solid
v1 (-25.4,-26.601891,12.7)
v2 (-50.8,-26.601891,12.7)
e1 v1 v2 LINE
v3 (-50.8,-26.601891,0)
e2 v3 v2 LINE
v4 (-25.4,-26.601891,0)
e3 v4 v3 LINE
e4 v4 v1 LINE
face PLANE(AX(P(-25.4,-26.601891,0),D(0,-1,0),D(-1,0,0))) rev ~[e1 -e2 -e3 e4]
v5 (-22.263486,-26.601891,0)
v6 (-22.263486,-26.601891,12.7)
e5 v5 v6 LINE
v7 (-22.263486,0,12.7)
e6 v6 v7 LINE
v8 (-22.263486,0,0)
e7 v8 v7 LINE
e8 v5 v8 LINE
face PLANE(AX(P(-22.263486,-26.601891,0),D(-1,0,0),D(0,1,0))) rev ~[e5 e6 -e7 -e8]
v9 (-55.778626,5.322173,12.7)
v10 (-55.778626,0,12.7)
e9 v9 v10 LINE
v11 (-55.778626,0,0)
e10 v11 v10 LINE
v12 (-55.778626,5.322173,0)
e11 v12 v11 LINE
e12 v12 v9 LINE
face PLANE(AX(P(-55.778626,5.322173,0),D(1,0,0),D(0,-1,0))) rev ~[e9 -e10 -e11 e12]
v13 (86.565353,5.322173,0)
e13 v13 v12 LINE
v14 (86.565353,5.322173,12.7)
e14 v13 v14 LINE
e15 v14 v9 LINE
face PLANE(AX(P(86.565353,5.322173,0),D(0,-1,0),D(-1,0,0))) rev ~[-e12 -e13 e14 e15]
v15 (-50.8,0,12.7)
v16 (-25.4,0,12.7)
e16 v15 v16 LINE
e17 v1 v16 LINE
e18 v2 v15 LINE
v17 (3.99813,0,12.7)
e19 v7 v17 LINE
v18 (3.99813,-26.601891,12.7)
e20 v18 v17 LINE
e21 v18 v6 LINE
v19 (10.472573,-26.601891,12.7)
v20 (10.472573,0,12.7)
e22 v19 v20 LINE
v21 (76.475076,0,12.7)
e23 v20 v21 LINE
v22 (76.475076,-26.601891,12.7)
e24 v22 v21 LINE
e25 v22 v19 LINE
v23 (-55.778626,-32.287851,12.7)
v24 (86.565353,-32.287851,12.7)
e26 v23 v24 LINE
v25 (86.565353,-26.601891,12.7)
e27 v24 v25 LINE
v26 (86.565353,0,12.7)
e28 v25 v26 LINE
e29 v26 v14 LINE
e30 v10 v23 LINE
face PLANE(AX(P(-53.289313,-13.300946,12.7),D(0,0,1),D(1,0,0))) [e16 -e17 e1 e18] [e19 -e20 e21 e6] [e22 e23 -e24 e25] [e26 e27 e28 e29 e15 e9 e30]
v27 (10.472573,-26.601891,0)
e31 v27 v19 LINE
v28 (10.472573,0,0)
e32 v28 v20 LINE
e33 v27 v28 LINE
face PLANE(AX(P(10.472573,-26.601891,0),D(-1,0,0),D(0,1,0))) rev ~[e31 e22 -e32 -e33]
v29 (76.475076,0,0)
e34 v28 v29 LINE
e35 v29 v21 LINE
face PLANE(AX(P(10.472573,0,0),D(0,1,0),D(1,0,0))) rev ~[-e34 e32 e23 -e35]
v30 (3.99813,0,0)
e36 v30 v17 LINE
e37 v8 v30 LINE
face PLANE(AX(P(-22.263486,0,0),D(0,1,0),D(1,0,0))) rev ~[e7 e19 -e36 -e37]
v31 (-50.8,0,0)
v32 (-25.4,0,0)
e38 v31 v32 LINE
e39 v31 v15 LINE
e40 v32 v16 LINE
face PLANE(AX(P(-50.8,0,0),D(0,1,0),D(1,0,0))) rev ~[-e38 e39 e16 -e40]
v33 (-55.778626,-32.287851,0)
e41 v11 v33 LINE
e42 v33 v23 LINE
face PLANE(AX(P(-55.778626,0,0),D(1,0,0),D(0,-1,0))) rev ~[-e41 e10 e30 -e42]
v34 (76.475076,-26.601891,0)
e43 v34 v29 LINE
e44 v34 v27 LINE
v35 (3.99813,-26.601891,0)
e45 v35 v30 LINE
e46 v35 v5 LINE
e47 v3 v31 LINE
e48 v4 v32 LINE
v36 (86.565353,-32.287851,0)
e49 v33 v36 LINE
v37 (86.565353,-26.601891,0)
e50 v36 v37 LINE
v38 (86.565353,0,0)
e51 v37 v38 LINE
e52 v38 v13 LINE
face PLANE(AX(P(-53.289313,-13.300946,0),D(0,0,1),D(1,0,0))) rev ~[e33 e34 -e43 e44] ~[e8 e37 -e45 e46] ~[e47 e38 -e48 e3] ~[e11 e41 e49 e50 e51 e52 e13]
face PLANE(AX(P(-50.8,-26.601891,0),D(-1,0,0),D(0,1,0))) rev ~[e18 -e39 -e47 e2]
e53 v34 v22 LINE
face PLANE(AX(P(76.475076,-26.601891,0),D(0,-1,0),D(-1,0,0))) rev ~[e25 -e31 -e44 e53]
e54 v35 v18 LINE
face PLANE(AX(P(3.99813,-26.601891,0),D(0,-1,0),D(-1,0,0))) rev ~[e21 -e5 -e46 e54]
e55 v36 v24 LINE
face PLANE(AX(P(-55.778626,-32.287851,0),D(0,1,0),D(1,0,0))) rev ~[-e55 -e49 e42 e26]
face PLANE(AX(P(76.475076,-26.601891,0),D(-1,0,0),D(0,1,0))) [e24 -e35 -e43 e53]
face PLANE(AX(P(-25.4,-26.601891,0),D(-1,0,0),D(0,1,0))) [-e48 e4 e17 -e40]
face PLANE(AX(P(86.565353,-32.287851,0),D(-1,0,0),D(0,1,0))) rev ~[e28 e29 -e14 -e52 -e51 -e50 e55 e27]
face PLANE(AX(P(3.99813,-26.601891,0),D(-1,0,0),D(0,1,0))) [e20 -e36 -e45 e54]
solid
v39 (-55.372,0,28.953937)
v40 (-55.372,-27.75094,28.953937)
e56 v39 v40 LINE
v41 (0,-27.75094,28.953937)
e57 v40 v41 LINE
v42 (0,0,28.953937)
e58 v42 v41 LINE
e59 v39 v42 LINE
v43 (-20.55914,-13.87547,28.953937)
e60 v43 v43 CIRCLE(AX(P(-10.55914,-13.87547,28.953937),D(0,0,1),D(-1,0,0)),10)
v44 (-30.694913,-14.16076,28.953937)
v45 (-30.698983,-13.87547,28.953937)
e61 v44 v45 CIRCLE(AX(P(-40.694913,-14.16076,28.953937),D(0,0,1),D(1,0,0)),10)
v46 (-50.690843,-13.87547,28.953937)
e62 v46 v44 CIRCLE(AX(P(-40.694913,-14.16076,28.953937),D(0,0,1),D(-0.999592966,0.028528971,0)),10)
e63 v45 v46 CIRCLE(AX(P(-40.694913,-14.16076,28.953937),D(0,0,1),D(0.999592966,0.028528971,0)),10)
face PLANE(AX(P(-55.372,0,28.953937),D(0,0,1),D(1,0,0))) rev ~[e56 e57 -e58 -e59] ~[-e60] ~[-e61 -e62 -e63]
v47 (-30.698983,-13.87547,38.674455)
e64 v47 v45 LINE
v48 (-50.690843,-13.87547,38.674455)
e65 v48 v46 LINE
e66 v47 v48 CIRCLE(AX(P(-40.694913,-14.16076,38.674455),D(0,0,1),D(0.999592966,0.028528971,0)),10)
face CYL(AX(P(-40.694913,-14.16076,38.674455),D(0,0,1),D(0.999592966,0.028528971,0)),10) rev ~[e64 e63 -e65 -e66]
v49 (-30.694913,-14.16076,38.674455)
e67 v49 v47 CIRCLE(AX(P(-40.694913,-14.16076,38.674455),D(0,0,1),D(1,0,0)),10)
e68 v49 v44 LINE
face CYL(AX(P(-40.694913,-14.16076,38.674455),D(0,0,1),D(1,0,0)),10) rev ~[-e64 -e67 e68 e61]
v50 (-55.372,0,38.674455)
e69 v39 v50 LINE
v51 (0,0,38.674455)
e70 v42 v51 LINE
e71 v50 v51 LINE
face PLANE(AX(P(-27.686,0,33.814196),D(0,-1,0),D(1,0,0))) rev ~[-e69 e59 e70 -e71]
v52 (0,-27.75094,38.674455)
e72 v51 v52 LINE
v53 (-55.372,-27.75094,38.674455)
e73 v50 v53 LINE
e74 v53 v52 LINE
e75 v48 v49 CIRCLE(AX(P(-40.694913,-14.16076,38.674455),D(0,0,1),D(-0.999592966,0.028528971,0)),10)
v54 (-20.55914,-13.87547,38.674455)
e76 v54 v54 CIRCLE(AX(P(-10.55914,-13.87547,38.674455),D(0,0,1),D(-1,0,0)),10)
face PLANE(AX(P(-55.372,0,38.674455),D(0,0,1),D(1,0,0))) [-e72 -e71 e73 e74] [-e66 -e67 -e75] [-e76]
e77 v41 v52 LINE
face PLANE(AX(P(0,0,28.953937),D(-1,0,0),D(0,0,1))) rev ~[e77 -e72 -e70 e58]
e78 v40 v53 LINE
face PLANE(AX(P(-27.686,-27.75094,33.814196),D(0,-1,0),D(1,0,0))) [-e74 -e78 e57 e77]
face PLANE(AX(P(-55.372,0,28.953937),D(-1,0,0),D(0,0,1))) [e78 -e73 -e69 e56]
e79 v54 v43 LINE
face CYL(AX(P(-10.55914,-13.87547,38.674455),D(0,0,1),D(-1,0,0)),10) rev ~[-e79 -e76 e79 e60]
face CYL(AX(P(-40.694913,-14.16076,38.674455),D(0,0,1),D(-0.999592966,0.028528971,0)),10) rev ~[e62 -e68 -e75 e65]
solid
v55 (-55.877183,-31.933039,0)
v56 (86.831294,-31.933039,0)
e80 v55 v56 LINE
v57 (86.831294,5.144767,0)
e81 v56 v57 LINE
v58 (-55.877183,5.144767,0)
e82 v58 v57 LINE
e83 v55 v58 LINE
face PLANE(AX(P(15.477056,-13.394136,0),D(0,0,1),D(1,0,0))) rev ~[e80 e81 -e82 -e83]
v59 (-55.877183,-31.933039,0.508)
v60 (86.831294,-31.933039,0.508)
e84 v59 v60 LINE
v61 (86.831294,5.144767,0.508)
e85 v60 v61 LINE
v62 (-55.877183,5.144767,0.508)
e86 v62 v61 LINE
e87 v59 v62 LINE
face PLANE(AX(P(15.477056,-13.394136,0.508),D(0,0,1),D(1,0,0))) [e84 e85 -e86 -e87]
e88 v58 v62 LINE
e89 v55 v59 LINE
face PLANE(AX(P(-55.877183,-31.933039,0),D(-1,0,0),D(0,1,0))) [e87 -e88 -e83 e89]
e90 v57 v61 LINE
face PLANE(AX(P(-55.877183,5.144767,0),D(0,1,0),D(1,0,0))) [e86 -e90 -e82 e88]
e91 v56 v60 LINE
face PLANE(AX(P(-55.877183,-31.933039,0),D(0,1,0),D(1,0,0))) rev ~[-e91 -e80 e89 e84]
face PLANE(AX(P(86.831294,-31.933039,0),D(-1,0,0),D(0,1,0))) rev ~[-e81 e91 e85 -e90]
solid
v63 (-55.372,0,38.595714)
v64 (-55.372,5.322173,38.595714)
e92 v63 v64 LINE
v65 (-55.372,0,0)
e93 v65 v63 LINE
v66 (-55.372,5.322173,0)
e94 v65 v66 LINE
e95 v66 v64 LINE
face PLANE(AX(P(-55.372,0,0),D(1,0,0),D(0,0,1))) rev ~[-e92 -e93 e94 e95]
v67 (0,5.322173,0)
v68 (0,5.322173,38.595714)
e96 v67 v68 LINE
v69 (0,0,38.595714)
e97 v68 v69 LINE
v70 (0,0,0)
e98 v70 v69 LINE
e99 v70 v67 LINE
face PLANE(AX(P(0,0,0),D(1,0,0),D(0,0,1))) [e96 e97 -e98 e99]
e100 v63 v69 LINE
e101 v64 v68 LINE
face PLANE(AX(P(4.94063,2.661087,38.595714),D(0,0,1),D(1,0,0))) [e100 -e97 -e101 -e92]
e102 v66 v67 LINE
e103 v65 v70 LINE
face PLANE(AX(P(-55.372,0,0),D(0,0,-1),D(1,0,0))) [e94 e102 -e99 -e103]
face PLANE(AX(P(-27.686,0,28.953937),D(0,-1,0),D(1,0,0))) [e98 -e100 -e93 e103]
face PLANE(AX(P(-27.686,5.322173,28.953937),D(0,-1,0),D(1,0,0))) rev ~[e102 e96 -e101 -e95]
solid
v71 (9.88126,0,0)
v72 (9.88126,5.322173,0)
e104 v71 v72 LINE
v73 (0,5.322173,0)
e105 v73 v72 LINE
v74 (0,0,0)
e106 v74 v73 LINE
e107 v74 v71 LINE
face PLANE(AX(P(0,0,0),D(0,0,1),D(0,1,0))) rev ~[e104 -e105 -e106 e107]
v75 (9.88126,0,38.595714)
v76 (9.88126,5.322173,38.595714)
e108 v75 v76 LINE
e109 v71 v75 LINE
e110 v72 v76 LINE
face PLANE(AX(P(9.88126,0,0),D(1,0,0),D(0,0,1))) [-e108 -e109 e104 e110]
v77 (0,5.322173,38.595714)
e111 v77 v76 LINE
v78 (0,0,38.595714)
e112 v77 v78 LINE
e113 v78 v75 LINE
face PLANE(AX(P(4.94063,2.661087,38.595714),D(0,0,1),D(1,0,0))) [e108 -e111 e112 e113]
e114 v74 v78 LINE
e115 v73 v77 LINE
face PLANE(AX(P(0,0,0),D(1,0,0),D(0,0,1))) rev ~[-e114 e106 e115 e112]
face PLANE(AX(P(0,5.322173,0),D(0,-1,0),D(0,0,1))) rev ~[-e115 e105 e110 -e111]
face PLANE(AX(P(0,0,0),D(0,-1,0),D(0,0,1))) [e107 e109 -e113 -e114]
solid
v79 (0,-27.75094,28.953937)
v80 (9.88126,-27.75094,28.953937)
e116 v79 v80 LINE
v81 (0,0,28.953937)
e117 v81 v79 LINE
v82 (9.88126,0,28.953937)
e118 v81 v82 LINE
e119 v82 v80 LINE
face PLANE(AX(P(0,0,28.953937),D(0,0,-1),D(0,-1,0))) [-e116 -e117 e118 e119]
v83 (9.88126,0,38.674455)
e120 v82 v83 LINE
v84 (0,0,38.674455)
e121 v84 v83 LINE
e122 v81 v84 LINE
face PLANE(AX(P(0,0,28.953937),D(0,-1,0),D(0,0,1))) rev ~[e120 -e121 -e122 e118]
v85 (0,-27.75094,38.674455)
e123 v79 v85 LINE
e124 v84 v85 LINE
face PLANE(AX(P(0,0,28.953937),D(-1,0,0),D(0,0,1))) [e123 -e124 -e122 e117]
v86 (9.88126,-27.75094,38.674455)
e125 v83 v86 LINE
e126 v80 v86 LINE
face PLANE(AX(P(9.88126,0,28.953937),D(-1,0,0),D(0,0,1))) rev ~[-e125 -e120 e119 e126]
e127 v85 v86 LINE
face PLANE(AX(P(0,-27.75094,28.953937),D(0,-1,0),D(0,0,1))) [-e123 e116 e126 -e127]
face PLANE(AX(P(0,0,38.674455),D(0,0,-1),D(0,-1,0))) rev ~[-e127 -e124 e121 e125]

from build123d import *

# Parameters (mm, degrees)
F0_W       = 4.9786263525
F0_H       = 26.6018912433
F0_W_2     = 3.1365140617
F0_W_3     = 6.4744432457
F0_W_4     = 10.0902765989
F1_DEPTH   = 12.7
F2_W       = 142.7084766328
F2_H       = 37.0778064243
F3_DEPTH   = 0.508
F4_W       = 55.372
F4_H       = 57.9078740149
F5_DEPTH   = 5.3221732378
F6_W       = 55.372
F6_H       = 9.7205181286
F7_DEPTH   = 27.75094
F9_DEPTH   = 10.61823
F10_DEPTH  = 9.88126
F11_DEPTH  = 9.88126
F5_FACE2_W = 55.372
F5_FACE2_H = 5.3221732378
F10_FACE_W = 9.88126
F10_FACE_H = 5.3221732378
F12_DEPTH  = 19.31216


with BuildPart() as f1:
    # F0 (on Top) → F1 (new body)
    with BuildSketch(Plane.XY):
        with Locations((-53.2893131763, -13.3009456217)):
            Rectangle(F0_W, F0_H)
        Polygon((10.4725733399, -26.6018912433), (3.9981300943, -26.6018912433), (0, -26.6018912433), (-22.2634859383, -26.6018912433), (-25.4, -26.6018912433), (-50.8, -26.6018912433), (-55.7786263525, -26.6018912433), (-55.7786263525, -32.287850976), (-24.910023436, -32.287850976), (0, -32.287850976), (10.4725733399, -32.287850976), (86.5653529763, -32.287850976), (86.5653529763, -26.6018912433), (76.4750763774, -26.6018912433), align=None)
        Polygon((-22.2634859383, 0), (0, 0), (3.9981300943, 0), (10.4725733399, 0), (76.4750763774, 0), (86.5653529763, 0), (86.5653529763, 5.3221732378), (-55.7786263525, 5.3221732378), (-55.7786263525, 0), (-50.8, 0), (-25.4, 0), align=None)
        with Locations((-23.8317429692, -13.3009456217)):
            Rectangle(F0_W_2, F0_H)
        with Locations((7.2353517171, -13.3009456217)):
            Rectangle(F0_W_3, F0_H)
        with Locations((81.5202146769, -13.3009456217)):
            Rectangle(F0_W_4, F0_H)
    extrude(amount=F1_DEPTH)


with BuildPart() as f3:
    # F2 (on Top) → F3 (new body)
    with BuildSketch(Plane.XY):
        with Locations((15.4770556837, -13.3941362146)):
            Rectangle(F2_W, F2_H)
    extrude(amount=F3_DEPTH)


with BuildPart() as f5:
    # F4 (on Front) → F5 (new body, through all)
    with BuildSketch(Plane.XZ):
        with Locations((-27.686, 28.9539370074)):
            Rectangle(F4_W, F4_H)
    extrude(amount=-F5_DEPTH)


with BuildPart() as f7:
    # F6 (on face) → F7 (new body)
    with BuildSketch(Plane.XZ):
        with Locations((-27.686, 33.8141960718)):
            Rectangle(F6_W, F6_H)
    extrude(amount=F7_DEPTH)

    # F8 (on face) → F9 (cut)
    with BuildSketch(Plane.XY.offset(38.6744551361)):
        with BuildLine():
            ThreePointArc((-50.6908426751, -13.87547), (-40.8375723886, -24.1597420764), (-30.6949130145, -14.160759713))
            ThreePointArc((-30.6949130145, -14.160759713), (-30.6959306511, -14.018100339), (-30.6989833539, -13.87547))
            Line((-30.6989833539, -13.87547), (-50.6908426751, -13.87547))
        make_face()
        with BuildLine():
            ThreePointArc((-0.5591397732, -13.87547), (-10.5591397732, -3.87547), (-20.5591397732, -13.87547))
            Line((-20.5591397732, -13.87547), (-0.5591397732, -13.87547))
        make_face()
        with BuildLine():
            Line((-0.5591397732, -13.87547), (-20.5591397732, -13.87547))
            ThreePointArc((-20.5591397732, -13.87547), (-10.5591397732, -23.87547), (-0.5591397732, -13.87547))
        make_face()
        with BuildLine():
            Line((-50.6908426751, -13.87547), (-30.6989833539, -13.87547))
            ThreePointArc((-30.6989833539, -13.87547), (-40.6949130145, -4.160759713), (-50.6908426751, -13.87547))
        make_face()
    extrude(amount=-F9_DEPTH, mode=Mode.SUBTRACT)


with BuildPart() as f10:
    # F10 (new): a face of the model
    f10_faces = [f5.part.faces().sort_by_distance(p)[0] for p in [
        (0, 2.6610866189, 28.9539370074),
    ]]
    extrude(f10_faces, amount=F10_DEPTH)


with BuildPart() as f11:
    # F11 (new, through all): a face of the model
    f11_faces = [f7.part.faces().sort_by_distance(p)[0] for p in [
        (0, -13.87547, 33.8141960718),
    ]]
    extrude(f11_faces, amount=F11_DEPTH)


with BuildPart() as f12_tool:
    # F5_face2 (on face) + F10_face (on face) → F12 (new body)
    with BuildSketch(Plane(origin=(-27.686, 2.6610866189, 57.9078740149), x_dir=(1, 0, 0), z_dir=(0, 0, 1))):
        Rectangle(F5_FACE2_W, F5_FACE2_H)
    with BuildSketch(Plane(origin=(4.94063, 2.6610866189, 57.9078740149), x_dir=(1, 0, 0), z_dir=(0, 0, 1))):
        Rectangle(F10_FACE_W, F10_FACE_H)
    extrude(amount=-F12_DEPTH)


with BuildPart() as f5_1:
    add(f5.part)

    # F12: cut by f12_tool
    add(f12_tool.part, mode=Mode.SUBTRACT)


with BuildPart() as f10_1:
    add(f10.part)

    # F12: cut by f12_tool
    add(f12_tool.part, mode=Mode.SUBTRACT)


solid = Compound([f1.part, f3.part, f7.part, f11.part, f5_1.part, f10_1.part])
